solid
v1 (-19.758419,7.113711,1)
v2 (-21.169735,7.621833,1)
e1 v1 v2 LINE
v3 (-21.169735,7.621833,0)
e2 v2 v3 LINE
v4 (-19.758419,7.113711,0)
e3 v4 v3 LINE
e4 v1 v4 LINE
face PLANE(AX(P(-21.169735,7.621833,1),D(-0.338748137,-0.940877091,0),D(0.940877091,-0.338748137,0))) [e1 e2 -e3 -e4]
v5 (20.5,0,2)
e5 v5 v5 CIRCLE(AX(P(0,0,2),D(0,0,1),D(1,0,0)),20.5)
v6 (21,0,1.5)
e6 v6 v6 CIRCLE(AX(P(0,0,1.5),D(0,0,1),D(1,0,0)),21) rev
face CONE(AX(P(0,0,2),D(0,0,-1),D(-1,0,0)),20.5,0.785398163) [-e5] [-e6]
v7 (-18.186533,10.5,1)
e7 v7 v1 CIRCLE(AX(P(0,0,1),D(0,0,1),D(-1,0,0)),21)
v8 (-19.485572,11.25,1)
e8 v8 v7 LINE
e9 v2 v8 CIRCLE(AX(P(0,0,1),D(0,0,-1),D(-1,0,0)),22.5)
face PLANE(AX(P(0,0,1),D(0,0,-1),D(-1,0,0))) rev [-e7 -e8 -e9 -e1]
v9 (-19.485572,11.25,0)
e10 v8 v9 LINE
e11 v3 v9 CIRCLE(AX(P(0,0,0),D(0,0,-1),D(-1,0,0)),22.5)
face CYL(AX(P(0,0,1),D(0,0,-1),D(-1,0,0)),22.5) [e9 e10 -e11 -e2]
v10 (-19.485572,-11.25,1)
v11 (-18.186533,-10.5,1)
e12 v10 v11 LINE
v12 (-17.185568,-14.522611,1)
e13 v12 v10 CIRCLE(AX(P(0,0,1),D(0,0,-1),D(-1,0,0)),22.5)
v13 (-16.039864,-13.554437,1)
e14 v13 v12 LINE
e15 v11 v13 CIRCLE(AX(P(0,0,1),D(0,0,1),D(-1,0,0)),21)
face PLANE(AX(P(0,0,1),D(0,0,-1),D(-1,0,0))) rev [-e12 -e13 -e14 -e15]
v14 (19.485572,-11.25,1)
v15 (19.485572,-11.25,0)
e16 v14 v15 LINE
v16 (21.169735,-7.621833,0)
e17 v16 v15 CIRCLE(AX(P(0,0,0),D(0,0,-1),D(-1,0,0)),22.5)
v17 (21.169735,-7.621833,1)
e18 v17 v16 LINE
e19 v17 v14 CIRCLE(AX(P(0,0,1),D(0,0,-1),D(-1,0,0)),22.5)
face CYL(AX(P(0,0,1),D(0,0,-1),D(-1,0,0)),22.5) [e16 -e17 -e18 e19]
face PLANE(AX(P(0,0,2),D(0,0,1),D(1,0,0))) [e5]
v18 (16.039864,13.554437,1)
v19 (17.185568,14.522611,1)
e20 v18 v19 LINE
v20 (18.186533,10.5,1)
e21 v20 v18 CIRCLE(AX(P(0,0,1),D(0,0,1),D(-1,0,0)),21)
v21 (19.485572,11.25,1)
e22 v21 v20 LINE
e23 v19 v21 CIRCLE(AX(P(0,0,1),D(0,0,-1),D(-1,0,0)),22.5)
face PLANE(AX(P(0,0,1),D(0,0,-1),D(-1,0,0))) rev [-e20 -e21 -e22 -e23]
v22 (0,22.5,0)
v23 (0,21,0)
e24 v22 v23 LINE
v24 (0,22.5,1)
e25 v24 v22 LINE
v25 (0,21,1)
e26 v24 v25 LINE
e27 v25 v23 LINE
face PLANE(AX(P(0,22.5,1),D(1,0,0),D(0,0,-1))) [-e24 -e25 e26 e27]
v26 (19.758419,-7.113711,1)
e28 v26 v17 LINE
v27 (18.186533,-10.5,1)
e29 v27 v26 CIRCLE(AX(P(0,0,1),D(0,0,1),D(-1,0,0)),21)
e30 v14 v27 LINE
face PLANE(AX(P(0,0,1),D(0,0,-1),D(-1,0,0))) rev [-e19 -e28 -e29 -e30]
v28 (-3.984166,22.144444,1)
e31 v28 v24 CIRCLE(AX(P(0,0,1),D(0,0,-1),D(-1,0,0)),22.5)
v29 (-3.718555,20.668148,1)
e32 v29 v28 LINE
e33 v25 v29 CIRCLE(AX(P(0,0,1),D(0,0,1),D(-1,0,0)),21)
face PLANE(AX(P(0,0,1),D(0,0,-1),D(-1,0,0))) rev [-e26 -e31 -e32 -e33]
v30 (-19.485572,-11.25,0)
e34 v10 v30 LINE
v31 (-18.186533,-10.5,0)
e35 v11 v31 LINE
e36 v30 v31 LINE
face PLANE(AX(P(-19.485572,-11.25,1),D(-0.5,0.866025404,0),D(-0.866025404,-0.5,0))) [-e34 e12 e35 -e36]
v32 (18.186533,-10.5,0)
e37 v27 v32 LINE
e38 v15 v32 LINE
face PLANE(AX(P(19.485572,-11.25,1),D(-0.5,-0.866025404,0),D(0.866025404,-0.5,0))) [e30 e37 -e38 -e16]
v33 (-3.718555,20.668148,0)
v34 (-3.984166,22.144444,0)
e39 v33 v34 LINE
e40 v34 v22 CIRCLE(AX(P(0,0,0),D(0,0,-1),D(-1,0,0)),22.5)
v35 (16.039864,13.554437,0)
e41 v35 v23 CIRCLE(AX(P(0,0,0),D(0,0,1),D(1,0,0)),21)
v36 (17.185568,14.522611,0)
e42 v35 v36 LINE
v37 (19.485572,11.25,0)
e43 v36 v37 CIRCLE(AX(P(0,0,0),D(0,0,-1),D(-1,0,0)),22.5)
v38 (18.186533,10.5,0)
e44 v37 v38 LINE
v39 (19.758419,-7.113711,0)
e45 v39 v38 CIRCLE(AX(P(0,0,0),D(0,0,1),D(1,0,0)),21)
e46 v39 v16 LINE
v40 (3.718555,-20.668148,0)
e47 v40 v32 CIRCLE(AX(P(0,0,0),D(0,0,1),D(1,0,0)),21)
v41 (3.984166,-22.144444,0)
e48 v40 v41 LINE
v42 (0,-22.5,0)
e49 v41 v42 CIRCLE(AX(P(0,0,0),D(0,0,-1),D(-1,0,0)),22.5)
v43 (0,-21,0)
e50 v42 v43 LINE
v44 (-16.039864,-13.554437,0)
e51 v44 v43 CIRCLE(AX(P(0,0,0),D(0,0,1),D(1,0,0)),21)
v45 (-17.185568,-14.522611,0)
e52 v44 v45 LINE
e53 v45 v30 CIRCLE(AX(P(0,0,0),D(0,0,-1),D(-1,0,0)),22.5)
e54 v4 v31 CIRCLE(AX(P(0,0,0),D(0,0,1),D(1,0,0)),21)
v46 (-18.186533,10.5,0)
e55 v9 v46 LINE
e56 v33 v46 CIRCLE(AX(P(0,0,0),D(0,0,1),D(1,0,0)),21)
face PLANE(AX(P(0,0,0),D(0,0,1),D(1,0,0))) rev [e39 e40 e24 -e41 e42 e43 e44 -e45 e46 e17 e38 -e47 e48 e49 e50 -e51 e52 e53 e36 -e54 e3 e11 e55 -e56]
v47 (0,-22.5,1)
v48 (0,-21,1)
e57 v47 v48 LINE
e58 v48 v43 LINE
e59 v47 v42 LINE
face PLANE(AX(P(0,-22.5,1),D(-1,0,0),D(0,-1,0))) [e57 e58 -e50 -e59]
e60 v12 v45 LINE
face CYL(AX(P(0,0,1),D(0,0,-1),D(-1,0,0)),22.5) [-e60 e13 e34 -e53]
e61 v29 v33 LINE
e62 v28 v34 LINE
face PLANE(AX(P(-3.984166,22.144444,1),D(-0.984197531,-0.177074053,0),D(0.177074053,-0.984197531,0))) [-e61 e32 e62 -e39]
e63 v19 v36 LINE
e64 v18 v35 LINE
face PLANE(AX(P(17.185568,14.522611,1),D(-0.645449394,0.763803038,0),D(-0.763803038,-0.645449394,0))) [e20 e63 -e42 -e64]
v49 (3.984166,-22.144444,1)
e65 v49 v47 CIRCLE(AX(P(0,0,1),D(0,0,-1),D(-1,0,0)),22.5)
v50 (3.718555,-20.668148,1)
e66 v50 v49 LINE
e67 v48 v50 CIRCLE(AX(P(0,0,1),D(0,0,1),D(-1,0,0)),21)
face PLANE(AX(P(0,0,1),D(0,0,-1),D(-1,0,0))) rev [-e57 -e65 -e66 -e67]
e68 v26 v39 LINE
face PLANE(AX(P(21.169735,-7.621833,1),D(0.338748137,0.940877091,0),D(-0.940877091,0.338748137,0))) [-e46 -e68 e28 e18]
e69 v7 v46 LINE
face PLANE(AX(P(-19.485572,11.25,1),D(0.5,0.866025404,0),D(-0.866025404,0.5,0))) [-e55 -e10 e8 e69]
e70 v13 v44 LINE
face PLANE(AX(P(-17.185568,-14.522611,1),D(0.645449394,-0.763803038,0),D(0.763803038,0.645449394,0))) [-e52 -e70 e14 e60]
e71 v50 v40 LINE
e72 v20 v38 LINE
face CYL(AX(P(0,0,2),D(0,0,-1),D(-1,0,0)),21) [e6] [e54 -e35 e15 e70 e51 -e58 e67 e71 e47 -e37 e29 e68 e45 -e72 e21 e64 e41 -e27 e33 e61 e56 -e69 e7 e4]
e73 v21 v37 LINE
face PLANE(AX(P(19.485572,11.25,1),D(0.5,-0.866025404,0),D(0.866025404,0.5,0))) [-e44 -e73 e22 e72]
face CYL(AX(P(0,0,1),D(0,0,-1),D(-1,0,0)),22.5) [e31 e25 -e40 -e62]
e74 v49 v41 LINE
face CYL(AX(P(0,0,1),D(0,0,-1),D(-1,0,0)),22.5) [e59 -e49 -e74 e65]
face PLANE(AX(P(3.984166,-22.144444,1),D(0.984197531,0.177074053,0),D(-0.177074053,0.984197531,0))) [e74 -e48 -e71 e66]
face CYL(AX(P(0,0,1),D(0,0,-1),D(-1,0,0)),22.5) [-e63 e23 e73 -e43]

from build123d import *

# Parameters (mm, degrees)
SKETCH_1_R      = 21
EXTRUDE_1_DEPTH = 2
EXTRUDE_3_DEPTH = 1
CHAMFER_1_SIZE  = 0.5


with BuildPart() as part:
    # 草图1 → 凸台-拉伸1 (new body)
    with BuildSketch(Plane.XY):
        Circle(SKETCH_1_R)
    extrude(amount=EXTRUDE_1_DEPTH)

    # 草图3 → 凸台-拉伸3 (add)
    with BuildSketch(Plane(origin=(0, 0, 0), x_dir=(-1, 0, 0), z_dir=(0, 0, -1))):
        with BuildLine():
            Line((0, 22.5), (0, 21))
            ThreePointArc((0, 21), (1.866666667, 20.916872509), (3.718555113, 20.668148148))
            Line((3.718555113, 20.668148148), (3.984166192, 22.144444444))
            ThreePointArc((3.984166192, 22.144444444), (2, 22.410934831), (0, 22.5))
        make_face()
        with BuildLine():
            Line((19.485571585, 11.25), (18.186533479, 10.5))
            ThreePointArc((18.186533479, 10.5), (19.047876294, 8.841855501), (19.758418902, 7.113710881))
            Line((19.758418902, 7.113710881), (21.169734538, 7.621833087))
            ThreePointArc((21.169734538, 7.621833087), (20.408438886, 9.473416608), (19.485571585, 11.25))
        make_face()
        with BuildLine():
            Line((19.485571585, -11.25), (18.186533479, -10.5))
            ThreePointArc((18.186533479, -10.5), (17.181209627, -12.075017008), (16.039863789, -13.554437267))
            Line((16.039863789, -13.554437267), (17.185568345, -14.522611358))
            ThreePointArc((17.185568345, -14.522611358), (18.408438886, -12.937518223), (19.485571585, -11.25))
        make_face()
        with BuildLine():
            Line((0, -22.5), (0, -21))
            ThreePointArc((0, -21), (-1.866666667, -20.916872509), (-3.718555113, -20.668148148))
            Line((-3.718555113, -20.668148148), (-3.984166192, -22.144444444))
            ThreePointArc((-3.984166192, -22.144444444), (-2, -22.410934831), (0, -22.5))
        make_face()
        with BuildLine():
            Line((-19.485571585, -11.25), (-18.186533479, -10.5))
            ThreePointArc((-18.186533479, -10.5), (-19.047876294, -8.841855501), (-19.758418902, -7.113710881))
            Line((-19.758418902, -7.113710881), (-21.169734538, -7.621833087))
            ThreePointArc((-21.169734538, -7.621833087), (-20.408438886, -9.473416608), (-19.485571585, -11.25))
        make_face()
        with BuildLine():
            Line((-19.485571585, 11.25), (-18.186533479, 10.5))
            ThreePointArc((-18.186533479, 10.5), (-17.181209627, 12.075017008), (-16.039863789, 13.554437267))
            Line((-16.039863789, 13.554437267), (-17.185568345, 14.522611358))
            ThreePointArc((-17.185568345, 14.522611358), (-18.408438886, 12.937518223), (-19.485571585, 11.25))
        make_face()
    extrude(amount=-EXTRUDE_3_DEPTH)

    # 倒角1
    chamfer_1_edges = [part.edges().sort_by_distance(p)[0] for p in [
        (-21, 0, 2),
    ]]
    chamfer(chamfer_1_edges, length=CHAMFER_1_SIZE)


solid = part.part
